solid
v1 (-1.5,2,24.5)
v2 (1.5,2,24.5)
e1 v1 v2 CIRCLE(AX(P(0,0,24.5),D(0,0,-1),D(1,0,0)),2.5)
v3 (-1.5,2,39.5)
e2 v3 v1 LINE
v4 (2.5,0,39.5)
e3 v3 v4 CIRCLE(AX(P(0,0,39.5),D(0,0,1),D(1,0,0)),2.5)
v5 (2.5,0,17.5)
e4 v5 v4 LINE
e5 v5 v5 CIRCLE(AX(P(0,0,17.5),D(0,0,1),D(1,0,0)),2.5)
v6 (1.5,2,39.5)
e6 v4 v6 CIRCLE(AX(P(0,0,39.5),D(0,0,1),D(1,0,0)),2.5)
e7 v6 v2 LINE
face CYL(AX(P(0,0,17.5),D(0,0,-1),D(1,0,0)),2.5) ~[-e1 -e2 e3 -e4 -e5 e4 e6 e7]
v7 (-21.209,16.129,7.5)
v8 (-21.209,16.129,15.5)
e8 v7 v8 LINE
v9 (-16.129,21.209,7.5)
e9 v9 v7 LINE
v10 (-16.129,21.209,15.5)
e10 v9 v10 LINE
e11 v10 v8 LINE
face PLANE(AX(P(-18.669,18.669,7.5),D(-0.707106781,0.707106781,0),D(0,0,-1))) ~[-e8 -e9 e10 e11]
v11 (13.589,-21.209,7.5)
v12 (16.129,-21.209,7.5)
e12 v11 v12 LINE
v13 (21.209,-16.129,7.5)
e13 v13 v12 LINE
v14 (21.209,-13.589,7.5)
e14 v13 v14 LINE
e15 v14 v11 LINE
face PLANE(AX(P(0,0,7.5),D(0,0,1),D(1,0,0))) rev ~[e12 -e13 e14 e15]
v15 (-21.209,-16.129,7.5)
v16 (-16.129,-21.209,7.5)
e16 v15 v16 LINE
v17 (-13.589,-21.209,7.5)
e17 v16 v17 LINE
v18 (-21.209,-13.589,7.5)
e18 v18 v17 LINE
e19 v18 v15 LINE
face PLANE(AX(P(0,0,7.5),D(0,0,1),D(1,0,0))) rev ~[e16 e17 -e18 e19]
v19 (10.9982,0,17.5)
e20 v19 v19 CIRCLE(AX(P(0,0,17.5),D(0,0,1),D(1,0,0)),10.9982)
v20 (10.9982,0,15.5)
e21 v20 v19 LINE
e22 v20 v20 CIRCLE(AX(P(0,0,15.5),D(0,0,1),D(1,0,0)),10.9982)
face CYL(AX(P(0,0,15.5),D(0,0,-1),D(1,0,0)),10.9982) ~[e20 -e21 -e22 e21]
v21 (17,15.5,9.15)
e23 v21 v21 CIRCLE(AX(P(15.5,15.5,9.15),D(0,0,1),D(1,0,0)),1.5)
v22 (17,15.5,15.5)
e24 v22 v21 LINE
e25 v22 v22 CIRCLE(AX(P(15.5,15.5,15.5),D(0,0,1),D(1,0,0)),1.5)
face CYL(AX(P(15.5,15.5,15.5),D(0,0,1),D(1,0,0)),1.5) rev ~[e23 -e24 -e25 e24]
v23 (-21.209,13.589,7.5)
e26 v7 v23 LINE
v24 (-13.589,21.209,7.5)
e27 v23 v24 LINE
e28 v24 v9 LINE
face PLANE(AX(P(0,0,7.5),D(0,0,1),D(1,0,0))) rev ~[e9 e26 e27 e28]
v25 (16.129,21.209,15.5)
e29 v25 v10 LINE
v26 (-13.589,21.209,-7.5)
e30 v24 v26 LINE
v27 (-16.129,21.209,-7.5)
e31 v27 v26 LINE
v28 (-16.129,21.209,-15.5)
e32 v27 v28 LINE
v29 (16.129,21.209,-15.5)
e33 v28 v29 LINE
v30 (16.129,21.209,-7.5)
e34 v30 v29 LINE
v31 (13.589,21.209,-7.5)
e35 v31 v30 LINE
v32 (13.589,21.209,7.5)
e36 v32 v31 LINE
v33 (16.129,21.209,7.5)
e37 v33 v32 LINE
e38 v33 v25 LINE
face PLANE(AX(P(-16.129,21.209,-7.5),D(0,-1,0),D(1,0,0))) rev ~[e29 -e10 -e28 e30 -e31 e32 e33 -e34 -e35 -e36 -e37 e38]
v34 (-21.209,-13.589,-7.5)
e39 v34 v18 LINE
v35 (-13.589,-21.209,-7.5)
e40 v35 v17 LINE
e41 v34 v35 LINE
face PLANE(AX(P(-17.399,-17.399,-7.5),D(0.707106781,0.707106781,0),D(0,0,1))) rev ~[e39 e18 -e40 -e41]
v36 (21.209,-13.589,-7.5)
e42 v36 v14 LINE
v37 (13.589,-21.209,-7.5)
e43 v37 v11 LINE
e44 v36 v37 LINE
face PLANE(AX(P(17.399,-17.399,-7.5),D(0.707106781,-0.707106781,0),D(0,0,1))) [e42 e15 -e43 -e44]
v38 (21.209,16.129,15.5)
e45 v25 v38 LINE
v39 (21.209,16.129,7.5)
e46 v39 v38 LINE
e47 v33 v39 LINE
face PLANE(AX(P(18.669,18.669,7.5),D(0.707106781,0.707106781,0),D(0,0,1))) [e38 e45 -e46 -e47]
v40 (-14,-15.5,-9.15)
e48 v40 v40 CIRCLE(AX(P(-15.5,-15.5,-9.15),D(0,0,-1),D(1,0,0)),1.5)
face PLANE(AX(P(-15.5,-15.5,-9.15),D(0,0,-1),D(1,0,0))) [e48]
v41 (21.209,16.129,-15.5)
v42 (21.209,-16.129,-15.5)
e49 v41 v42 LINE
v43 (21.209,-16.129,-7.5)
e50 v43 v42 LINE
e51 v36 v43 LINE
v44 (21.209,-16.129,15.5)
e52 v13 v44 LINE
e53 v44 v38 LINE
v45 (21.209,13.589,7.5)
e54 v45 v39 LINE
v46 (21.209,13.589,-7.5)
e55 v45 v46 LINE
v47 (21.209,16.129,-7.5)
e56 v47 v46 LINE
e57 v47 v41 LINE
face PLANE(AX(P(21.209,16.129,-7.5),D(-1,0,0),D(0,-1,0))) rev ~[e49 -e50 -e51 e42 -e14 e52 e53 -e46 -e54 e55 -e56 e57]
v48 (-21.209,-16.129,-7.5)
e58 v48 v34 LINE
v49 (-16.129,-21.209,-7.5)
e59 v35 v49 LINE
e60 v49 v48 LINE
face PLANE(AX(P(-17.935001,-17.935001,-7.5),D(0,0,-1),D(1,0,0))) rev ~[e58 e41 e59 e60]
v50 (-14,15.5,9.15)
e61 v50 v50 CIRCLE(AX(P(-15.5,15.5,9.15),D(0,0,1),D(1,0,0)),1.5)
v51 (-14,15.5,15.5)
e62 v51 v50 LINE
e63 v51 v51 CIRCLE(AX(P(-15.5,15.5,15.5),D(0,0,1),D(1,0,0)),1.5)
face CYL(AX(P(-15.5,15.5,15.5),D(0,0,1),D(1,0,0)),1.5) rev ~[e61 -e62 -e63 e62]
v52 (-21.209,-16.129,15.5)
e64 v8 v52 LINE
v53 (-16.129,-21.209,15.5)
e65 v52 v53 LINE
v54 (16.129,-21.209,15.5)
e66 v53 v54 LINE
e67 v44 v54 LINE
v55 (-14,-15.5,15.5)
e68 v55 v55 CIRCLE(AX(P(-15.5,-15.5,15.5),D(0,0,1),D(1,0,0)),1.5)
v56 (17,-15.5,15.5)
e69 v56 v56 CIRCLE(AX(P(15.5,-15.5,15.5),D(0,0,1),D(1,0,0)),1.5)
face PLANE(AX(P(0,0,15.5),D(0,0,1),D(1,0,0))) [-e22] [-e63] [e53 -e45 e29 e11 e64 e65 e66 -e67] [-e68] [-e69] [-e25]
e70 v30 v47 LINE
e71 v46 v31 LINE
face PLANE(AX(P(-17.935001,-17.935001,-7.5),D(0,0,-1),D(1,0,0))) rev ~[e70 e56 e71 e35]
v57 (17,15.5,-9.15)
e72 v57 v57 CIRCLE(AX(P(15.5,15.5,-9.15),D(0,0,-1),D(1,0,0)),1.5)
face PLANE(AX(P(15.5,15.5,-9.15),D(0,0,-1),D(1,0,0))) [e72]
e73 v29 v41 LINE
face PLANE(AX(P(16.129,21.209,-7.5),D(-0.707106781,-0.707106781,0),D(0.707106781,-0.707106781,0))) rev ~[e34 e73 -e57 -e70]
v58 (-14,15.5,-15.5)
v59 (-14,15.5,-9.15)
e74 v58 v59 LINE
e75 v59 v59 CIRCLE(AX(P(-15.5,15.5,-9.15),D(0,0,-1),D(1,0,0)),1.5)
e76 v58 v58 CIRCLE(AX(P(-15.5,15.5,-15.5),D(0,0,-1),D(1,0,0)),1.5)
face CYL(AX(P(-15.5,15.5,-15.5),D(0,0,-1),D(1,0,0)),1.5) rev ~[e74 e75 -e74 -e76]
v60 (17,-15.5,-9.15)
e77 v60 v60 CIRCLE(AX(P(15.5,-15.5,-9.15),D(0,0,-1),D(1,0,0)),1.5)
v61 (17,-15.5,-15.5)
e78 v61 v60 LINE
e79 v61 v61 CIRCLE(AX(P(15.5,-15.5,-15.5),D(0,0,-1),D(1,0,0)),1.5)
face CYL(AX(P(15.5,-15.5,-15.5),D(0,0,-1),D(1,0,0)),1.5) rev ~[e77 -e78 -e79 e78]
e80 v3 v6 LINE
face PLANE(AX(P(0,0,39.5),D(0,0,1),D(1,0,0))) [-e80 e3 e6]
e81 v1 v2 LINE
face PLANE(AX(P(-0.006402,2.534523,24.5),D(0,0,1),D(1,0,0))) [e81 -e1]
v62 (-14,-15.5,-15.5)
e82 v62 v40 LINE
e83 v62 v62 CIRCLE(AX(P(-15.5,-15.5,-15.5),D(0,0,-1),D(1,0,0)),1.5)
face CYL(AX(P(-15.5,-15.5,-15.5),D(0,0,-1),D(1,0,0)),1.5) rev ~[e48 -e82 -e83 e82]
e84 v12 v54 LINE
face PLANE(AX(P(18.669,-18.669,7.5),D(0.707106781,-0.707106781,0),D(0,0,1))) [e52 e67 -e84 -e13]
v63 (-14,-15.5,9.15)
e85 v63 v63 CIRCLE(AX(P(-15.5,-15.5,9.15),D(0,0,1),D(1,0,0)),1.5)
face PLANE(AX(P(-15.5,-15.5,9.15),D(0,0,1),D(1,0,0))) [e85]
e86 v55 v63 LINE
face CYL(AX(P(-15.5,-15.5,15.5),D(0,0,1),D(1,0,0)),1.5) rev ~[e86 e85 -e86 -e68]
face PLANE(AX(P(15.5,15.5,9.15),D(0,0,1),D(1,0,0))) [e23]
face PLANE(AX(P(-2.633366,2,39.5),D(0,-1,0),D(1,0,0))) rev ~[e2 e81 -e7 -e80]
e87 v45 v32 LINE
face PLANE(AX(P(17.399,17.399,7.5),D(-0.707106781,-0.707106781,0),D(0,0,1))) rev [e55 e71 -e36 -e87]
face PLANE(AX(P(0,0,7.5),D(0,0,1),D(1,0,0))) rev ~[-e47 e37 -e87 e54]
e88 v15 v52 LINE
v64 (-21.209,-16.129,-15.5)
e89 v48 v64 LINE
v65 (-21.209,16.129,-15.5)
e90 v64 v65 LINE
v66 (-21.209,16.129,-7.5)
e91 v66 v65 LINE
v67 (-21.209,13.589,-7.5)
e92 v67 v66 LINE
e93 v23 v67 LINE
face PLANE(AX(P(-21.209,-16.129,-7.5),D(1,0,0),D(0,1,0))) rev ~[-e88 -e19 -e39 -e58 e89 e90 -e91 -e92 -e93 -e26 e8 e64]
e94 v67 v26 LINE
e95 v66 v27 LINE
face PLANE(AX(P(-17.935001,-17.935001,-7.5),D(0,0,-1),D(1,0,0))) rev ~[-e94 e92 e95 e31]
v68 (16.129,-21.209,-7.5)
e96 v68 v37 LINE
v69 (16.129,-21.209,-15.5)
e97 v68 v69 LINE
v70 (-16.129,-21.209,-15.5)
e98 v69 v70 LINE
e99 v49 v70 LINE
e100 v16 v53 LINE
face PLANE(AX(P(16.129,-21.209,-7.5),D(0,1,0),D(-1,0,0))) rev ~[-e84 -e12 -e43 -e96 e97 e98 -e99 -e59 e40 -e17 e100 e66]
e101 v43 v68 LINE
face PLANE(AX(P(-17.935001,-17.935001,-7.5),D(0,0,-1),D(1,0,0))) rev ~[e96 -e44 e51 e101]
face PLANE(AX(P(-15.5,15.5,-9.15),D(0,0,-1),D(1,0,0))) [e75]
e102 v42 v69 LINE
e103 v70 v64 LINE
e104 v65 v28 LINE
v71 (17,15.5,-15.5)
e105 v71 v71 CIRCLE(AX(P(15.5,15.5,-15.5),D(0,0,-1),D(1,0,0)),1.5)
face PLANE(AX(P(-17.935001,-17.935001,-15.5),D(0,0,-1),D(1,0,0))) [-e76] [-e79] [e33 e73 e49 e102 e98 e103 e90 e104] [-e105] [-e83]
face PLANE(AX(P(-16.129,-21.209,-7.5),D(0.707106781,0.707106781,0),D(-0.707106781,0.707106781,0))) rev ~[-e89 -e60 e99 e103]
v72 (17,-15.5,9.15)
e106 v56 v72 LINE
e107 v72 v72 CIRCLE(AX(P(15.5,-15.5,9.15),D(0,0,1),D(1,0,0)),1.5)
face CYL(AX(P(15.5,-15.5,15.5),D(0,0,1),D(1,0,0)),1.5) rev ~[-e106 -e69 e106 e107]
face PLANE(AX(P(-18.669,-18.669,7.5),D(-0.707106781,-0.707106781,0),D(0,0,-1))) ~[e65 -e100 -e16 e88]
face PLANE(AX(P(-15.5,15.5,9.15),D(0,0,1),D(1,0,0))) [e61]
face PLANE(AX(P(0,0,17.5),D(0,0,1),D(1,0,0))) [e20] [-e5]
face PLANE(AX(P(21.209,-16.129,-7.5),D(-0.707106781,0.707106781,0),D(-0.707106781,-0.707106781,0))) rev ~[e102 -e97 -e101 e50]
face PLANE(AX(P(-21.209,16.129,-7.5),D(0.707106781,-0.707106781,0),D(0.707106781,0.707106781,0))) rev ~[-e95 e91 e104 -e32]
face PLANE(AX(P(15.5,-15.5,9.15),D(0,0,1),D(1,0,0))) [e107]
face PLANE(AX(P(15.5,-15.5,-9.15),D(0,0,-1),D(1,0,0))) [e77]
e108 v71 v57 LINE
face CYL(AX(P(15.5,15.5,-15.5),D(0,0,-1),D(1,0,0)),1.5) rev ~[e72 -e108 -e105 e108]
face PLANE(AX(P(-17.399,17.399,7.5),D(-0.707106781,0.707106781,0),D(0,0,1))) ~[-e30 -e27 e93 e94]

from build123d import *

# Parameters (mm, degrees)
F0_W      = 42.418
F0_H      = 42.418
F4_DEPTH  = 7.5
F5_SIZE   = 7.62
F7_DEPTH  = 8
F8_SIZE   = 5.08
F10_DEPTH = 8
F11_R     = 10.9982
F12_DEPTH = 2
F13_R     = 2.5
F14_DEPTH = 22
F16_DEPTH = 15
F17_R     = 1.5
F18_DEPTH = 6.35
F21_R     = 1.5
F22_DEPTH = 6.35


with BuildPart() as f4:
    # F0 (on Top) → F4 (new body, symmetric)
    with BuildSketch(Plane.XY):
        Rectangle(F0_W, F0_H)
    extrude(amount=F4_DEPTH, both=True)

    # F5
    f5_edges = [f4.edges().sort_by_distance(p)[0] for p in [
        (21.209, 21.209, 0),
        (-21.209, 21.209, 0),
        (-21.209, -21.209, 0),
        (21.209, -21.209, 0),
    ]]
    chamfer(f5_edges, length=F5_SIZE)

    # F6 (on face) → F7 (join)
    with BuildSketch(Plane.XY.offset(7.5)):
        Polygon((13.589, 21.209), (-13.589, 21.209), (-21.209, 13.589), (-21.209, -13.589), (-13.589, -21.209), (13.589, -21.209), (21.209, -13.589), (21.209, 13.589), align=None)
        Polygon((21.209, 21.209), (13.589, 21.209), (21.209, 13.589), align=None)
        Polygon((-13.589, 21.209), (-21.209, 21.209), (-21.209, 13.589), align=None)
        Polygon((-13.589, -21.209), (-21.209, -13.589), (-21.209, -21.209), align=None)
        Polygon((21.209, -21.209), (21.209, -13.589), (13.589, -21.209), align=None)
    extrude(amount=F7_DEPTH)

    # F8
    f8_edges = [f4.edges().sort_by_distance(p)[0] for p in [
        (21.209, 21.209, 11.5),
        (-21.209, 21.209, 11.5),
        (-21.209, -21.209, 11.5),
        (21.209, -21.209, 11.5),
    ]]
    chamfer(f8_edges, length=F8_SIZE)

    # F9 (on face) → F10 (join)
    with BuildSketch(Plane(origin=(0, 0, -7.5), x_dir=(1, 0, 0), z_dir=(0, 0, -1))):
        Polygon((-13.589, 21.209), (-16.129, 21.209), (-21.209, 16.129), (-21.209, 13.589), align=None)
        Polygon((16.129, 21.209), (13.589, 21.209), (21.209, 13.589), (21.209, 16.129), align=None)
        Polygon((21.209, -16.129), (21.209, -13.589), (13.589, -21.209), (16.129, -21.209), align=None)
        Polygon((-13.589, -21.209), (-21.209, -13.589), (-21.209, -16.129), (-16.129, -21.209), align=None)
        Polygon((13.589, 21.209), (-13.589, 21.209), (-21.209, 13.589), (-21.209, -13.589), (-13.589, -21.209), (13.589, -21.209), (21.209, -13.589), (21.209, 13.589), align=None)
    extrude(amount=F10_DEPTH)

    # F11 (on face) → F12 (join)
    with BuildSketch(Plane.XY.offset(15.5)):
        Circle(F11_R)
    extrude(amount=F12_DEPTH)

    # F13 (on face) → F14 (join)
    with BuildSketch(Plane.XY.offset(17.5)):
        Circle(F13_R)
    extrude(amount=F14_DEPTH)

    # F15 (on face) → F16 (cut)
    with BuildSketch(Plane.XY.offset(39.5)):
        with BuildLine():
            Line((2.6203631624, 2.9334036984), (-2.6333660554, 2.9334036984))
            Line((-2.6333660554, 2.9334036984), (-2.6333660554, 2))
            Line((-2.6333660554, 2), (-1.5, 2))
            ThreePointArc((-1.5, 2), (0, 2.5), (1.5, 2))
            Line((1.5, 2), (2.6203631624, 2))
            Line((2.6203631624, 2), (2.6203631624, 2.9334036984))
        make_face()
        with BuildLine():
            ThreePointArc((1.5, 2), (0, 2.5), (-1.5, 2))
            Line((-1.5, 2), (1.5, 2))
        make_face()
    extrude(amount=-F16_DEPTH, mode=Mode.SUBTRACT)

    # F17 (on face) → F18 (cut)
    with BuildSketch(Plane.XY.offset(15.5)):
        with Locations((-15.5, 15.5)):
            Circle(F17_R)
        with Locations((15.5, 15.5)):
            Circle(F17_R)
        with Locations((15.5, -15.5)):
            Circle(F17_R)
        with Locations((-15.5, -15.5)):
            Circle(F17_R)
    extrude(amount=-F18_DEPTH, mode=Mode.SUBTRACT)


with BuildPart() as f19_1:
    # F19: copy of F4
    add(f4.part)


with BuildPart() as f4_1:
    add(f4.part)

    # F21 (on face) → F22 (cut)
    with BuildSketch(Plane(origin=(0, 0, -15.5), x_dir=(1, 0, 0), z_dir=(0, 0, -1))):
        with Locations((-15.5, 15.5)):
            Circle(F21_R)
        with Locations((15.5, 15.5)):
            Circle(F21_R)
        with Locations((15.5, -15.5)):
            Circle(F21_R)
        with Locations((-15.5, -15.5)):
            Circle(F21_R)
    extrude(amount=-F22_DEPTH, mode=Mode.SUBTRACT)


solid = f4_1.part
